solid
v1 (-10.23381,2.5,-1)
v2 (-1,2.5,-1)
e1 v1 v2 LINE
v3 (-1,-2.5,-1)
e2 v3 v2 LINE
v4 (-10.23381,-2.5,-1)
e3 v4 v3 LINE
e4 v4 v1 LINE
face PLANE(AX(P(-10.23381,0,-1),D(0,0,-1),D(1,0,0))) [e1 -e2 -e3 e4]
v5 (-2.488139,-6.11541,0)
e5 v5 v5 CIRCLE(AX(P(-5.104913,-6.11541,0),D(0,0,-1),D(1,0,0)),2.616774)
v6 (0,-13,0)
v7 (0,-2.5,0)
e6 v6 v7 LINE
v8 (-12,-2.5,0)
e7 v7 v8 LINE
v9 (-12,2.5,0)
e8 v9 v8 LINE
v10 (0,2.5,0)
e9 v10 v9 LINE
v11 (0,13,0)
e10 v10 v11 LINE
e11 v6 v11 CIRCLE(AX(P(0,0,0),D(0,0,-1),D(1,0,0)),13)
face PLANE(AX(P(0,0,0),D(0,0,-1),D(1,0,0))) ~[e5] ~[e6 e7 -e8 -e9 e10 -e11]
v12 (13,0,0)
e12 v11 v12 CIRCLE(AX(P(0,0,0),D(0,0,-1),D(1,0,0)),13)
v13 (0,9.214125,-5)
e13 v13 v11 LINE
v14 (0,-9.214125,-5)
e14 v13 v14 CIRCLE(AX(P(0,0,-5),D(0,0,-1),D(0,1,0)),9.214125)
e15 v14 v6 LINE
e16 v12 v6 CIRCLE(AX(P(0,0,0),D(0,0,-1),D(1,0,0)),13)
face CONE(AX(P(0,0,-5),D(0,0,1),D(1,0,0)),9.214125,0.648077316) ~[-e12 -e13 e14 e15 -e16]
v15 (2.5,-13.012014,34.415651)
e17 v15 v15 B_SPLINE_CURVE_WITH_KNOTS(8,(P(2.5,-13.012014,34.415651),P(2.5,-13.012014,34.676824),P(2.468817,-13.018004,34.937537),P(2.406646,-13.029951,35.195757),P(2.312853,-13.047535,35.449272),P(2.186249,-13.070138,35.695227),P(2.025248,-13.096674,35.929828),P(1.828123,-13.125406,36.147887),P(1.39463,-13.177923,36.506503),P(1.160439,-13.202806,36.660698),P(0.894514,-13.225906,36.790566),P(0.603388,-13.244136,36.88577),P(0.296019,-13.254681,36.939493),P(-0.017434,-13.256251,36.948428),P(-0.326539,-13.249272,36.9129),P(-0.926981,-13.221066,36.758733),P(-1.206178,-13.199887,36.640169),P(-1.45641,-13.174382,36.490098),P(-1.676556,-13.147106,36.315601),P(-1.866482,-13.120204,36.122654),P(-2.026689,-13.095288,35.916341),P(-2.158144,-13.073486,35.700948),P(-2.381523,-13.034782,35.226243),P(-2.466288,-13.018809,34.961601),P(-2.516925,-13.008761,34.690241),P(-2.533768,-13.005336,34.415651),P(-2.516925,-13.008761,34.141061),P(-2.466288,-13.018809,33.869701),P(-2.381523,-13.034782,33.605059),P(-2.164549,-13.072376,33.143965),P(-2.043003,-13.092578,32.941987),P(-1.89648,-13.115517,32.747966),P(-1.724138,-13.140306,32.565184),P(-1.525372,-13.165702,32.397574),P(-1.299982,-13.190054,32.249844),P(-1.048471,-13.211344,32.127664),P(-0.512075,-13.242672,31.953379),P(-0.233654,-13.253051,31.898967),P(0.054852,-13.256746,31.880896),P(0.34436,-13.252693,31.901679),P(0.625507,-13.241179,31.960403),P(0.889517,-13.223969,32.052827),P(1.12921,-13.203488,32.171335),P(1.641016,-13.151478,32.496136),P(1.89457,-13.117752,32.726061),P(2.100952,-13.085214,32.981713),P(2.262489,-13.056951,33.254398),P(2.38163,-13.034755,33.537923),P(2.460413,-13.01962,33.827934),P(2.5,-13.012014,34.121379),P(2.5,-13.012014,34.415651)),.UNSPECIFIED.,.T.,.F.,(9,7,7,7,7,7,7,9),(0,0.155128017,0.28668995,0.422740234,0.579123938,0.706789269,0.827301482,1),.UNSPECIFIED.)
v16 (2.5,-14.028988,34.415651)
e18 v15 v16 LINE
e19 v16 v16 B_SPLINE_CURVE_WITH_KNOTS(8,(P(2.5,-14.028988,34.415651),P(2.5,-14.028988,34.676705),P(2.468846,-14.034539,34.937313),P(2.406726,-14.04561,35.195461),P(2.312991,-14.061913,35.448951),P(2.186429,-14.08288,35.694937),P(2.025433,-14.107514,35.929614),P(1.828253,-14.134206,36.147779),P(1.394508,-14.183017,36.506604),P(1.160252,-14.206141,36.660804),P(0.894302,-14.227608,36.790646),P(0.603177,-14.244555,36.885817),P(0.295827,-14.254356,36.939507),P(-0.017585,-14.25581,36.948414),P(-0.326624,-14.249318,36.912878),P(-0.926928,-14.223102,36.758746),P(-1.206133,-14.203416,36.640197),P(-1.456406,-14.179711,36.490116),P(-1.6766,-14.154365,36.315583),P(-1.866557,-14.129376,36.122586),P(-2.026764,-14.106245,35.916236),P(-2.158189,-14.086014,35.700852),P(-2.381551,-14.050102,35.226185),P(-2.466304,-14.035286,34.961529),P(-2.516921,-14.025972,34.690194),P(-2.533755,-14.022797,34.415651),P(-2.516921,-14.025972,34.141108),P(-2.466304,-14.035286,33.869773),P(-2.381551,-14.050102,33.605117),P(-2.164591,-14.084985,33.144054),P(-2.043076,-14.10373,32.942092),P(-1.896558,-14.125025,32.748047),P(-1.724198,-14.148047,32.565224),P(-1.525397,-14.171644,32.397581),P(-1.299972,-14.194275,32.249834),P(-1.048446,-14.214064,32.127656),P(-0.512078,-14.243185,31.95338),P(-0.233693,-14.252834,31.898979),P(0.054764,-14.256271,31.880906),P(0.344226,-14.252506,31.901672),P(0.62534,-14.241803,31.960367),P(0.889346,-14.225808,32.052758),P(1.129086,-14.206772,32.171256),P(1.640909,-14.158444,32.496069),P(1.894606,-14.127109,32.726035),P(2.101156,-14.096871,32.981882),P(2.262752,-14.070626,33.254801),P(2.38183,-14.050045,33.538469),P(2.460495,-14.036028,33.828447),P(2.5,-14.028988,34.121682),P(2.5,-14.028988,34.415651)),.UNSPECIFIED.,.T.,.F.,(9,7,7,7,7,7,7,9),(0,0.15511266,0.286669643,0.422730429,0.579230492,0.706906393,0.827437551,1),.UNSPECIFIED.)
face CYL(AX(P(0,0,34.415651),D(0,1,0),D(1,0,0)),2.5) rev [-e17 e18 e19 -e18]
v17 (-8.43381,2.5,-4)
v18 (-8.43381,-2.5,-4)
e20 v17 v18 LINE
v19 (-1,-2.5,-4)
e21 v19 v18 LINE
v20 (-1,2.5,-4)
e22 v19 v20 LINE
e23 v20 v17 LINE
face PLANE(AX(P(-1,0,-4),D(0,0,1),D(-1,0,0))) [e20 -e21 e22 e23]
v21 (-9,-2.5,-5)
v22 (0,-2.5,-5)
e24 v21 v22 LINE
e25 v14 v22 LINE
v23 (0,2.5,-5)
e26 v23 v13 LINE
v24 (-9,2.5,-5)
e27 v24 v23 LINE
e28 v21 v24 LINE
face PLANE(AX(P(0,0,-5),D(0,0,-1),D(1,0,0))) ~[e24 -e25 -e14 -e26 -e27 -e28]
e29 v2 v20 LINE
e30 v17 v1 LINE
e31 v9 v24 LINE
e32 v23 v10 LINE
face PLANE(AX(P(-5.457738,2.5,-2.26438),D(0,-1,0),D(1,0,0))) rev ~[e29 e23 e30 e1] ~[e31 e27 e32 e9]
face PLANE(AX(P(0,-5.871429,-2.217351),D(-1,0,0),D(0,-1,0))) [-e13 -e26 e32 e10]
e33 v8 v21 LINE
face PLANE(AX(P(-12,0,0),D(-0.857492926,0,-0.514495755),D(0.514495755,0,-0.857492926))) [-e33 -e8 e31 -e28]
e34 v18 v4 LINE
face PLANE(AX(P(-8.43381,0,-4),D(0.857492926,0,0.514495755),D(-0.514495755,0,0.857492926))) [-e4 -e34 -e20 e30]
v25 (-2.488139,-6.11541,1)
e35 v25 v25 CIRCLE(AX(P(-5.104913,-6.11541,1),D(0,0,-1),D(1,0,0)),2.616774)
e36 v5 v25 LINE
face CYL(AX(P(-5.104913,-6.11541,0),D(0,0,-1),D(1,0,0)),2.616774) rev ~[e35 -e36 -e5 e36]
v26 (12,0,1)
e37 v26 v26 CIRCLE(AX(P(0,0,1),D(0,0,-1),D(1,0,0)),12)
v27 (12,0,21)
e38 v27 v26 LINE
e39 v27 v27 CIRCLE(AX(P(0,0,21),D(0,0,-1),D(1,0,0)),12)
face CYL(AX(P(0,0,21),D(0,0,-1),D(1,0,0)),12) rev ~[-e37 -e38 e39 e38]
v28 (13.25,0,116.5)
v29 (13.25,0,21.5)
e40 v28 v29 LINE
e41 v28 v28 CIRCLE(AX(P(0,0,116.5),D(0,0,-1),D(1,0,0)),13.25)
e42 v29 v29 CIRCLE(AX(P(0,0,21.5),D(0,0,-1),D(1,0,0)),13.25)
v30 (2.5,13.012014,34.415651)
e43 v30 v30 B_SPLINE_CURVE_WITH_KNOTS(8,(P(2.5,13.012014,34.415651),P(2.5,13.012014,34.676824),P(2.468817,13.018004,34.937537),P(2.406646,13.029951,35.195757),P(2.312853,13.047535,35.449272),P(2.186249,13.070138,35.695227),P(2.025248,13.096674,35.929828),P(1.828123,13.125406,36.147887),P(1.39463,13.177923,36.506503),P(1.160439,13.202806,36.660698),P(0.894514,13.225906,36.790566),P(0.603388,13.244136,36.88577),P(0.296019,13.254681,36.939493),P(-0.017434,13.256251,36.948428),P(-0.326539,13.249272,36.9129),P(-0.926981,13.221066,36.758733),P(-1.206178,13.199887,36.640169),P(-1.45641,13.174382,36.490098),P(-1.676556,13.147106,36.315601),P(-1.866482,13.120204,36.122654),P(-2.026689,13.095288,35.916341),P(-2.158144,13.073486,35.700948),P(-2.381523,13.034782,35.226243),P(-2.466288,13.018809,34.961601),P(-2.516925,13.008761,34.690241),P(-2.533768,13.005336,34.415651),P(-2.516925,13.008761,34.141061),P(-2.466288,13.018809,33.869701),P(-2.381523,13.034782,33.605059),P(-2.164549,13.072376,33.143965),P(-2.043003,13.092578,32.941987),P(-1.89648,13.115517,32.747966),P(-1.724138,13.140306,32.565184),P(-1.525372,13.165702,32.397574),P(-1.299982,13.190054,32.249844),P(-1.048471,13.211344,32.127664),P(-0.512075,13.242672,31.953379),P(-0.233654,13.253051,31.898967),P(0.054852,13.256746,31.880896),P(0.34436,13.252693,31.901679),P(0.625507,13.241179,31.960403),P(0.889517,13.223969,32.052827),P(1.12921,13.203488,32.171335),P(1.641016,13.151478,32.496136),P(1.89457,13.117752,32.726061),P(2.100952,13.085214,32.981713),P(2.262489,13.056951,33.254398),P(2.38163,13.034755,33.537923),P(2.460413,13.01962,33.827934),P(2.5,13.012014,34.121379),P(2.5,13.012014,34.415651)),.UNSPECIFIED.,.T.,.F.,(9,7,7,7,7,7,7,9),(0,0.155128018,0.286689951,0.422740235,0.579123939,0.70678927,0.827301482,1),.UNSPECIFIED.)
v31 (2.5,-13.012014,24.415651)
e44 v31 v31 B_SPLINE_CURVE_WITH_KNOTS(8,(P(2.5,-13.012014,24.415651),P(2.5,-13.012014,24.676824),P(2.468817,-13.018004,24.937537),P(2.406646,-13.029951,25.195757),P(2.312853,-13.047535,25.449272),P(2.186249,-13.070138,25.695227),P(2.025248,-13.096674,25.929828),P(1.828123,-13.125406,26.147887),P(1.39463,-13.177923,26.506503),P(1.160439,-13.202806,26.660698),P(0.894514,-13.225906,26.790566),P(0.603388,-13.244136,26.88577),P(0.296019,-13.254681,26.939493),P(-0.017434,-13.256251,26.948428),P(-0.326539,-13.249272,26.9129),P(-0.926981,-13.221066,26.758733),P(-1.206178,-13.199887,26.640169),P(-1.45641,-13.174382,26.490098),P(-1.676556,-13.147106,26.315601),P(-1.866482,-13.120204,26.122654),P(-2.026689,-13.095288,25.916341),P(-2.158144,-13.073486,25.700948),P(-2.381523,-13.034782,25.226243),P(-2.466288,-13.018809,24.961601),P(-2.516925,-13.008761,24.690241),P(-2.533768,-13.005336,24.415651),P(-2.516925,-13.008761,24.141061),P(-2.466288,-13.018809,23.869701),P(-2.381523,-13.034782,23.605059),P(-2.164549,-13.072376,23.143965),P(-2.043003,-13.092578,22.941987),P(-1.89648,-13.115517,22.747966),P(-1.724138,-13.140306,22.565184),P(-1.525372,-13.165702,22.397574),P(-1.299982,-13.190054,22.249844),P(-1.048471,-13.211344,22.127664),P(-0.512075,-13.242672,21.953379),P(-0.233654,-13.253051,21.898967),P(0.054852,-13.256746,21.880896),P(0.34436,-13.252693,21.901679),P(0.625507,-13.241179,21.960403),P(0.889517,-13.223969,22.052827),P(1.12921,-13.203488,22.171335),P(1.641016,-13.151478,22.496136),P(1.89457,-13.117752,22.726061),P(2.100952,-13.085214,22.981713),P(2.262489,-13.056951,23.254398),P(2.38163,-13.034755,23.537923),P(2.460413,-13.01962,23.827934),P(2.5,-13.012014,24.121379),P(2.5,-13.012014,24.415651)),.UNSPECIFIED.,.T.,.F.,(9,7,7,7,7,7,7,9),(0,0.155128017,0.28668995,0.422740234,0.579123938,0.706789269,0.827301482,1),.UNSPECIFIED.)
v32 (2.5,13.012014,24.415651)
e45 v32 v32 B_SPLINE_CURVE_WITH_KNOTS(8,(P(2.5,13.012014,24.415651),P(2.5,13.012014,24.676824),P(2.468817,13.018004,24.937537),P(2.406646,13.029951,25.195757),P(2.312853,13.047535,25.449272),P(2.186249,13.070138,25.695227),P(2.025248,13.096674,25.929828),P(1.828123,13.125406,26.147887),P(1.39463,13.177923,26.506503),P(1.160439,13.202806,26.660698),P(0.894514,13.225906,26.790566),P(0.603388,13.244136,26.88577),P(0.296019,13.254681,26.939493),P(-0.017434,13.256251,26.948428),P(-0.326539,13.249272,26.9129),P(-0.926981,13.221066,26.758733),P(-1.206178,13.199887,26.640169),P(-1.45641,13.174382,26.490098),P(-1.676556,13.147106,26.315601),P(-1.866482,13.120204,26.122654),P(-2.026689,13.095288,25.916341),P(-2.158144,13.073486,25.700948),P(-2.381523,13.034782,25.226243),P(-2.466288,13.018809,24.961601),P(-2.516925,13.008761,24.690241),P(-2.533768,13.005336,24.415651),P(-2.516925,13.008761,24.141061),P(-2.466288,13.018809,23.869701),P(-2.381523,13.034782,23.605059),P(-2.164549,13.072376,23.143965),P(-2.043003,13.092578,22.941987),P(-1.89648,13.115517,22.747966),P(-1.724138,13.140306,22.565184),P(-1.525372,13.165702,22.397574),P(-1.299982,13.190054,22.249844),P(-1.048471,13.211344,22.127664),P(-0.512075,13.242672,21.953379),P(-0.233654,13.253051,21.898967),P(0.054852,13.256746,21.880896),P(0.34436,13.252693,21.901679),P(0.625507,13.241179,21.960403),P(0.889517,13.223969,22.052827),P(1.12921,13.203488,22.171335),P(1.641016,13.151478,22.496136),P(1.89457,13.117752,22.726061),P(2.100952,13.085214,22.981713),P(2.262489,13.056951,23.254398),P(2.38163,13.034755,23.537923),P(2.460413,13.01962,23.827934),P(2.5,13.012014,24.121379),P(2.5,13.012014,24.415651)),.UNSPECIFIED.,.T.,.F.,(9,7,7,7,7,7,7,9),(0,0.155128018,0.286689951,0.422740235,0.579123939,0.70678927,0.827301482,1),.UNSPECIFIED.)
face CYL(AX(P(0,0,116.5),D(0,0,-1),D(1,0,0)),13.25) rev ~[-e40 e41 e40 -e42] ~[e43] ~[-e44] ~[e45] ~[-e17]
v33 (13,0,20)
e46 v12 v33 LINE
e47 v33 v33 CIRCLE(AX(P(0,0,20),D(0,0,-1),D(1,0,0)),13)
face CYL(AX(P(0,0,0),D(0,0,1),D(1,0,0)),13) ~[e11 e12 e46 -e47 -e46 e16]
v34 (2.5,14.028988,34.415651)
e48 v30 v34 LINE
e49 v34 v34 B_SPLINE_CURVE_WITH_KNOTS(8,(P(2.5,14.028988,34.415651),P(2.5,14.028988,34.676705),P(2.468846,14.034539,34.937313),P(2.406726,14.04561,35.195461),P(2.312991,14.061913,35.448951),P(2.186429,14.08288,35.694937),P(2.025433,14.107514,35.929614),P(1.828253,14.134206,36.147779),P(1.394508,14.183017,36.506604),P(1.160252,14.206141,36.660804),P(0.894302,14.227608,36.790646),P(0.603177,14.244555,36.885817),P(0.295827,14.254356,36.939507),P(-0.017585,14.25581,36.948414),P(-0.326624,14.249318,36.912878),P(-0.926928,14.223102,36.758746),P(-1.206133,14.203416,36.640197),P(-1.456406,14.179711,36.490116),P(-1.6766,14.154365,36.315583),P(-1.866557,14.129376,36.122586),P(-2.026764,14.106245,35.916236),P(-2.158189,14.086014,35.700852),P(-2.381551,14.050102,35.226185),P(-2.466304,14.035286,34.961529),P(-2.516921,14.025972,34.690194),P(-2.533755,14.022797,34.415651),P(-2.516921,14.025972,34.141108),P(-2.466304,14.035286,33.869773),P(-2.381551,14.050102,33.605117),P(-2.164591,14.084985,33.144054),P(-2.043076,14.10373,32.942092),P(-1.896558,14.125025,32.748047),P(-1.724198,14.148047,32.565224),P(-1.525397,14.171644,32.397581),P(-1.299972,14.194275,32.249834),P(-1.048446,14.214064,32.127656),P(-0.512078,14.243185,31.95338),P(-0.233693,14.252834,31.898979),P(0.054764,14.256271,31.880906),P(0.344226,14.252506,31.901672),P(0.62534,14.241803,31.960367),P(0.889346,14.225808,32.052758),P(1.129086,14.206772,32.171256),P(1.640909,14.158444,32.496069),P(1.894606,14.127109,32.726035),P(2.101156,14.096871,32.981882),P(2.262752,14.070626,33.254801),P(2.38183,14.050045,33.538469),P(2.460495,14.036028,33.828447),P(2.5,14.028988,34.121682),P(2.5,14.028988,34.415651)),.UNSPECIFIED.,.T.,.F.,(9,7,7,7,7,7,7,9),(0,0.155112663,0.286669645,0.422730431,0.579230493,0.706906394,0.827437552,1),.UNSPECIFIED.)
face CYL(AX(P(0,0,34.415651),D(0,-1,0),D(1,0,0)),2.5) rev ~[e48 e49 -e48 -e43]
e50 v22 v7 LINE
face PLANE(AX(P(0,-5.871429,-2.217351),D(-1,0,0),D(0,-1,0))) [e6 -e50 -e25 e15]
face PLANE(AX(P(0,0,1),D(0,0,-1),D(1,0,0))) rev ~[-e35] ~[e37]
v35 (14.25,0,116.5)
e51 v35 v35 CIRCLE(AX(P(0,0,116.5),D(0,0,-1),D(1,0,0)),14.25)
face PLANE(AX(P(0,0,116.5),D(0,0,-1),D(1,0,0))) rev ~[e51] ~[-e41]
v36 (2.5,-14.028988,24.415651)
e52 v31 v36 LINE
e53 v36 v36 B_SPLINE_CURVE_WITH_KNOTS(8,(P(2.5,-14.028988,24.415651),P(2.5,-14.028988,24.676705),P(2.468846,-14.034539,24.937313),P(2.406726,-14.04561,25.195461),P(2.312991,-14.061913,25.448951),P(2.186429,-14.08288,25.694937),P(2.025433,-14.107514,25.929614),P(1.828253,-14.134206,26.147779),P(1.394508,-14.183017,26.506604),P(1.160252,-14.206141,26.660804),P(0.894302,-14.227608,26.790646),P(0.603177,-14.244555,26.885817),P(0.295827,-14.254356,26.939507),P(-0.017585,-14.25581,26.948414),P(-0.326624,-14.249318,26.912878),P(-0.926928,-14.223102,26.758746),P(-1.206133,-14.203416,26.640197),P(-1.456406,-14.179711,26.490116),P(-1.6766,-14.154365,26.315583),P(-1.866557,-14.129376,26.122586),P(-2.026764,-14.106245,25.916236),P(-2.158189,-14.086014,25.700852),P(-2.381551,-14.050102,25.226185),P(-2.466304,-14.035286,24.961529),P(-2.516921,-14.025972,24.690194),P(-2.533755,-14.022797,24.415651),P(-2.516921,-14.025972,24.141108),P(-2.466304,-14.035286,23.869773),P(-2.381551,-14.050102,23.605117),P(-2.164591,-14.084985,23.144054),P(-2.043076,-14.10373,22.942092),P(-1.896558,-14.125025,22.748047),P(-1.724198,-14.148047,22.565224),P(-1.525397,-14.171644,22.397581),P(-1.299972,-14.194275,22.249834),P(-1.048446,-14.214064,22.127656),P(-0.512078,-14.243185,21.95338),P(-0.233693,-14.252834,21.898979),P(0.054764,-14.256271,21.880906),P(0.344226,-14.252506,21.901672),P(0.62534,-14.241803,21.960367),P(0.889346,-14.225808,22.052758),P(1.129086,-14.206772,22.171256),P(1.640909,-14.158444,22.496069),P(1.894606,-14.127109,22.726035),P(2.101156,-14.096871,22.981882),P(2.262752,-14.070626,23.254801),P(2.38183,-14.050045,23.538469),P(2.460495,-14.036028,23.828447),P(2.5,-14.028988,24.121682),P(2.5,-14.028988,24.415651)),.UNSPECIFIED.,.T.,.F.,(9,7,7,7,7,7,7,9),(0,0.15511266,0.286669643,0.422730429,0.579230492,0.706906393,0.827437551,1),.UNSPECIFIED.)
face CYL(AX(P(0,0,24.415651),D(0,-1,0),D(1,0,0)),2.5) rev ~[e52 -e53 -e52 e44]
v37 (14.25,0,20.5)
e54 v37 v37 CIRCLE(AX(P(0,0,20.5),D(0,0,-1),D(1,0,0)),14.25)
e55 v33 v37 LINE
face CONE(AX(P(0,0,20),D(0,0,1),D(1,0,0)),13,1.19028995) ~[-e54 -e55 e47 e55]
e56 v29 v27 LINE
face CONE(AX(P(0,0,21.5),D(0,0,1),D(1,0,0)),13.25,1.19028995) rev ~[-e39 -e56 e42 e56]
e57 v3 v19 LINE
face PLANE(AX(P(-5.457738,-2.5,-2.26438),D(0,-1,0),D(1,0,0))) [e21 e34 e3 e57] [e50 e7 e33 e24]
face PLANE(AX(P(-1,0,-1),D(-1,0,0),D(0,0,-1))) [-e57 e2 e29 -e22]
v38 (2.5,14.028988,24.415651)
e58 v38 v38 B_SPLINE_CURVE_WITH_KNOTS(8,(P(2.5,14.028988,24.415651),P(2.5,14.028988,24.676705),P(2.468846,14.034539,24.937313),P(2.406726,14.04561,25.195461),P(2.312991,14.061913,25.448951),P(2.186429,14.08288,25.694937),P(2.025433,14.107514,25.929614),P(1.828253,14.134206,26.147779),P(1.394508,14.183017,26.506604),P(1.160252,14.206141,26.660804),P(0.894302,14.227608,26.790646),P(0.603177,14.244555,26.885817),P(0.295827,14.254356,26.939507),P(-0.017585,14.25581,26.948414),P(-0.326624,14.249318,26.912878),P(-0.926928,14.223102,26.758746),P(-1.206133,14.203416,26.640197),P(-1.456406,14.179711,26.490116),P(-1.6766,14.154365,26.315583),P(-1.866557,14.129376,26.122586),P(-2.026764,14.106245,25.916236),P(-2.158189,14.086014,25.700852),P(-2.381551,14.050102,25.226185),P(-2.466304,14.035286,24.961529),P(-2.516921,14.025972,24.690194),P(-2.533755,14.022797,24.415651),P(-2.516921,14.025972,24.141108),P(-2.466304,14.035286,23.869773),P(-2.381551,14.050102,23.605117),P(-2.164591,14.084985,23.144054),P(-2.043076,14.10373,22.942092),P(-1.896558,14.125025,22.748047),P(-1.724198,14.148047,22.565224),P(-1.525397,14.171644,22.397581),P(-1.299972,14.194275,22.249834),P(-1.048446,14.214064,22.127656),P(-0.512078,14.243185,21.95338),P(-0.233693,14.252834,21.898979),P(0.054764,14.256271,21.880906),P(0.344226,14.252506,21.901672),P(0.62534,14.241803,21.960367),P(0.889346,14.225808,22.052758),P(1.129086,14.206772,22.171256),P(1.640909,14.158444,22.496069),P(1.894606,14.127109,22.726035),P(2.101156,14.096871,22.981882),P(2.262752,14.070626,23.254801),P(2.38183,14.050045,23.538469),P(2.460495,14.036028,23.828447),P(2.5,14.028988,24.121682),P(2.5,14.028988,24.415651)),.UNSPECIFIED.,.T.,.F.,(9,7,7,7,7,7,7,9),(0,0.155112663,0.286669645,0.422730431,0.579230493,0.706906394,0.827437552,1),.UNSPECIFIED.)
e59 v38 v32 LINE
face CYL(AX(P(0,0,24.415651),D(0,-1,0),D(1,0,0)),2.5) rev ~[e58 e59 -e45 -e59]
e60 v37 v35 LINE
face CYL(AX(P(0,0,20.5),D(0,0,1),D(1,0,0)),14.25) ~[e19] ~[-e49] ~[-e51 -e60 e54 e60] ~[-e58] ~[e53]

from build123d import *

# Parameters (mm, degrees)
F2_ANGLE = 180
F3_DEPTH = 2.5
F4_R     = 2.616774
F5_DEPTH = 25
F6_R     = 2.5
F7_DEPTH = 25


with BuildPart() as f1:
    # F0 (on Front) → F1 (revolve)
    with BuildSketch(Plane.XZ):
        Polygon((0, 1), (0, 0), (13, 0), (13, 20), (14.25, 20.5), (14.25, 116.5), (13.25, 116.5), (13.25, 21.5), (12, 21), (12, 1), align=None)
    revolve(axis=Axis((0, 0, 0.5), (0, 0, -1)))

    # F0 (on Front) → F2 (revolve, symmetric)
    with BuildSketch(Plane.XZ) as f2_sk:
        Polygon((13, 0), (0, 0), (0, -5), (9.214125, -5), align=None)
    revolve(axis=Axis((0, 0, -2.5), (0, 0, 1)), revolution_arc=F2_ANGLE / 2)
    revolve(f2_sk.sketch, axis=Axis((0, 0, -2.5), (0, 0, -1)), revolution_arc=F2_ANGLE / 2)

    # F0 (on Front) → F3 (join, symmetric)
    with BuildSketch(Plane.XZ):
        Polygon((0, -5), (0, 0), (-12, 0), (-9, -5), align=None)
        Polygon((-8.43381, -4), (-10.23381, -1), (-1, -1), (-1, -4), align=None, mode=Mode.SUBTRACT)
    extrude(amount=F3_DEPTH, both=True)

    # F4 (on face) → F5 (cut)
    with BuildSketch(Plane(origin=(0, 0, 0), x_dir=(1, 0, 0), z_dir=(0, 0, -1))):
        with Locations((-5.104913, 6.11541)):
            Circle(F4_R)
    extrude(amount=-F5_DEPTH, mode=Mode.SUBTRACT)

    # F6 (on Front) → F7 (cut, symmetric)
    with BuildSketch(Plane.XZ):
        with Locations((0, 34.415651)):
            Circle(F6_R)
        with Locations((0, 24.415651)):
            Circle(F6_R)
    extrude(amount=F7_DEPTH, both=True, mode=Mode.SUBTRACT)


solid = f1.part
